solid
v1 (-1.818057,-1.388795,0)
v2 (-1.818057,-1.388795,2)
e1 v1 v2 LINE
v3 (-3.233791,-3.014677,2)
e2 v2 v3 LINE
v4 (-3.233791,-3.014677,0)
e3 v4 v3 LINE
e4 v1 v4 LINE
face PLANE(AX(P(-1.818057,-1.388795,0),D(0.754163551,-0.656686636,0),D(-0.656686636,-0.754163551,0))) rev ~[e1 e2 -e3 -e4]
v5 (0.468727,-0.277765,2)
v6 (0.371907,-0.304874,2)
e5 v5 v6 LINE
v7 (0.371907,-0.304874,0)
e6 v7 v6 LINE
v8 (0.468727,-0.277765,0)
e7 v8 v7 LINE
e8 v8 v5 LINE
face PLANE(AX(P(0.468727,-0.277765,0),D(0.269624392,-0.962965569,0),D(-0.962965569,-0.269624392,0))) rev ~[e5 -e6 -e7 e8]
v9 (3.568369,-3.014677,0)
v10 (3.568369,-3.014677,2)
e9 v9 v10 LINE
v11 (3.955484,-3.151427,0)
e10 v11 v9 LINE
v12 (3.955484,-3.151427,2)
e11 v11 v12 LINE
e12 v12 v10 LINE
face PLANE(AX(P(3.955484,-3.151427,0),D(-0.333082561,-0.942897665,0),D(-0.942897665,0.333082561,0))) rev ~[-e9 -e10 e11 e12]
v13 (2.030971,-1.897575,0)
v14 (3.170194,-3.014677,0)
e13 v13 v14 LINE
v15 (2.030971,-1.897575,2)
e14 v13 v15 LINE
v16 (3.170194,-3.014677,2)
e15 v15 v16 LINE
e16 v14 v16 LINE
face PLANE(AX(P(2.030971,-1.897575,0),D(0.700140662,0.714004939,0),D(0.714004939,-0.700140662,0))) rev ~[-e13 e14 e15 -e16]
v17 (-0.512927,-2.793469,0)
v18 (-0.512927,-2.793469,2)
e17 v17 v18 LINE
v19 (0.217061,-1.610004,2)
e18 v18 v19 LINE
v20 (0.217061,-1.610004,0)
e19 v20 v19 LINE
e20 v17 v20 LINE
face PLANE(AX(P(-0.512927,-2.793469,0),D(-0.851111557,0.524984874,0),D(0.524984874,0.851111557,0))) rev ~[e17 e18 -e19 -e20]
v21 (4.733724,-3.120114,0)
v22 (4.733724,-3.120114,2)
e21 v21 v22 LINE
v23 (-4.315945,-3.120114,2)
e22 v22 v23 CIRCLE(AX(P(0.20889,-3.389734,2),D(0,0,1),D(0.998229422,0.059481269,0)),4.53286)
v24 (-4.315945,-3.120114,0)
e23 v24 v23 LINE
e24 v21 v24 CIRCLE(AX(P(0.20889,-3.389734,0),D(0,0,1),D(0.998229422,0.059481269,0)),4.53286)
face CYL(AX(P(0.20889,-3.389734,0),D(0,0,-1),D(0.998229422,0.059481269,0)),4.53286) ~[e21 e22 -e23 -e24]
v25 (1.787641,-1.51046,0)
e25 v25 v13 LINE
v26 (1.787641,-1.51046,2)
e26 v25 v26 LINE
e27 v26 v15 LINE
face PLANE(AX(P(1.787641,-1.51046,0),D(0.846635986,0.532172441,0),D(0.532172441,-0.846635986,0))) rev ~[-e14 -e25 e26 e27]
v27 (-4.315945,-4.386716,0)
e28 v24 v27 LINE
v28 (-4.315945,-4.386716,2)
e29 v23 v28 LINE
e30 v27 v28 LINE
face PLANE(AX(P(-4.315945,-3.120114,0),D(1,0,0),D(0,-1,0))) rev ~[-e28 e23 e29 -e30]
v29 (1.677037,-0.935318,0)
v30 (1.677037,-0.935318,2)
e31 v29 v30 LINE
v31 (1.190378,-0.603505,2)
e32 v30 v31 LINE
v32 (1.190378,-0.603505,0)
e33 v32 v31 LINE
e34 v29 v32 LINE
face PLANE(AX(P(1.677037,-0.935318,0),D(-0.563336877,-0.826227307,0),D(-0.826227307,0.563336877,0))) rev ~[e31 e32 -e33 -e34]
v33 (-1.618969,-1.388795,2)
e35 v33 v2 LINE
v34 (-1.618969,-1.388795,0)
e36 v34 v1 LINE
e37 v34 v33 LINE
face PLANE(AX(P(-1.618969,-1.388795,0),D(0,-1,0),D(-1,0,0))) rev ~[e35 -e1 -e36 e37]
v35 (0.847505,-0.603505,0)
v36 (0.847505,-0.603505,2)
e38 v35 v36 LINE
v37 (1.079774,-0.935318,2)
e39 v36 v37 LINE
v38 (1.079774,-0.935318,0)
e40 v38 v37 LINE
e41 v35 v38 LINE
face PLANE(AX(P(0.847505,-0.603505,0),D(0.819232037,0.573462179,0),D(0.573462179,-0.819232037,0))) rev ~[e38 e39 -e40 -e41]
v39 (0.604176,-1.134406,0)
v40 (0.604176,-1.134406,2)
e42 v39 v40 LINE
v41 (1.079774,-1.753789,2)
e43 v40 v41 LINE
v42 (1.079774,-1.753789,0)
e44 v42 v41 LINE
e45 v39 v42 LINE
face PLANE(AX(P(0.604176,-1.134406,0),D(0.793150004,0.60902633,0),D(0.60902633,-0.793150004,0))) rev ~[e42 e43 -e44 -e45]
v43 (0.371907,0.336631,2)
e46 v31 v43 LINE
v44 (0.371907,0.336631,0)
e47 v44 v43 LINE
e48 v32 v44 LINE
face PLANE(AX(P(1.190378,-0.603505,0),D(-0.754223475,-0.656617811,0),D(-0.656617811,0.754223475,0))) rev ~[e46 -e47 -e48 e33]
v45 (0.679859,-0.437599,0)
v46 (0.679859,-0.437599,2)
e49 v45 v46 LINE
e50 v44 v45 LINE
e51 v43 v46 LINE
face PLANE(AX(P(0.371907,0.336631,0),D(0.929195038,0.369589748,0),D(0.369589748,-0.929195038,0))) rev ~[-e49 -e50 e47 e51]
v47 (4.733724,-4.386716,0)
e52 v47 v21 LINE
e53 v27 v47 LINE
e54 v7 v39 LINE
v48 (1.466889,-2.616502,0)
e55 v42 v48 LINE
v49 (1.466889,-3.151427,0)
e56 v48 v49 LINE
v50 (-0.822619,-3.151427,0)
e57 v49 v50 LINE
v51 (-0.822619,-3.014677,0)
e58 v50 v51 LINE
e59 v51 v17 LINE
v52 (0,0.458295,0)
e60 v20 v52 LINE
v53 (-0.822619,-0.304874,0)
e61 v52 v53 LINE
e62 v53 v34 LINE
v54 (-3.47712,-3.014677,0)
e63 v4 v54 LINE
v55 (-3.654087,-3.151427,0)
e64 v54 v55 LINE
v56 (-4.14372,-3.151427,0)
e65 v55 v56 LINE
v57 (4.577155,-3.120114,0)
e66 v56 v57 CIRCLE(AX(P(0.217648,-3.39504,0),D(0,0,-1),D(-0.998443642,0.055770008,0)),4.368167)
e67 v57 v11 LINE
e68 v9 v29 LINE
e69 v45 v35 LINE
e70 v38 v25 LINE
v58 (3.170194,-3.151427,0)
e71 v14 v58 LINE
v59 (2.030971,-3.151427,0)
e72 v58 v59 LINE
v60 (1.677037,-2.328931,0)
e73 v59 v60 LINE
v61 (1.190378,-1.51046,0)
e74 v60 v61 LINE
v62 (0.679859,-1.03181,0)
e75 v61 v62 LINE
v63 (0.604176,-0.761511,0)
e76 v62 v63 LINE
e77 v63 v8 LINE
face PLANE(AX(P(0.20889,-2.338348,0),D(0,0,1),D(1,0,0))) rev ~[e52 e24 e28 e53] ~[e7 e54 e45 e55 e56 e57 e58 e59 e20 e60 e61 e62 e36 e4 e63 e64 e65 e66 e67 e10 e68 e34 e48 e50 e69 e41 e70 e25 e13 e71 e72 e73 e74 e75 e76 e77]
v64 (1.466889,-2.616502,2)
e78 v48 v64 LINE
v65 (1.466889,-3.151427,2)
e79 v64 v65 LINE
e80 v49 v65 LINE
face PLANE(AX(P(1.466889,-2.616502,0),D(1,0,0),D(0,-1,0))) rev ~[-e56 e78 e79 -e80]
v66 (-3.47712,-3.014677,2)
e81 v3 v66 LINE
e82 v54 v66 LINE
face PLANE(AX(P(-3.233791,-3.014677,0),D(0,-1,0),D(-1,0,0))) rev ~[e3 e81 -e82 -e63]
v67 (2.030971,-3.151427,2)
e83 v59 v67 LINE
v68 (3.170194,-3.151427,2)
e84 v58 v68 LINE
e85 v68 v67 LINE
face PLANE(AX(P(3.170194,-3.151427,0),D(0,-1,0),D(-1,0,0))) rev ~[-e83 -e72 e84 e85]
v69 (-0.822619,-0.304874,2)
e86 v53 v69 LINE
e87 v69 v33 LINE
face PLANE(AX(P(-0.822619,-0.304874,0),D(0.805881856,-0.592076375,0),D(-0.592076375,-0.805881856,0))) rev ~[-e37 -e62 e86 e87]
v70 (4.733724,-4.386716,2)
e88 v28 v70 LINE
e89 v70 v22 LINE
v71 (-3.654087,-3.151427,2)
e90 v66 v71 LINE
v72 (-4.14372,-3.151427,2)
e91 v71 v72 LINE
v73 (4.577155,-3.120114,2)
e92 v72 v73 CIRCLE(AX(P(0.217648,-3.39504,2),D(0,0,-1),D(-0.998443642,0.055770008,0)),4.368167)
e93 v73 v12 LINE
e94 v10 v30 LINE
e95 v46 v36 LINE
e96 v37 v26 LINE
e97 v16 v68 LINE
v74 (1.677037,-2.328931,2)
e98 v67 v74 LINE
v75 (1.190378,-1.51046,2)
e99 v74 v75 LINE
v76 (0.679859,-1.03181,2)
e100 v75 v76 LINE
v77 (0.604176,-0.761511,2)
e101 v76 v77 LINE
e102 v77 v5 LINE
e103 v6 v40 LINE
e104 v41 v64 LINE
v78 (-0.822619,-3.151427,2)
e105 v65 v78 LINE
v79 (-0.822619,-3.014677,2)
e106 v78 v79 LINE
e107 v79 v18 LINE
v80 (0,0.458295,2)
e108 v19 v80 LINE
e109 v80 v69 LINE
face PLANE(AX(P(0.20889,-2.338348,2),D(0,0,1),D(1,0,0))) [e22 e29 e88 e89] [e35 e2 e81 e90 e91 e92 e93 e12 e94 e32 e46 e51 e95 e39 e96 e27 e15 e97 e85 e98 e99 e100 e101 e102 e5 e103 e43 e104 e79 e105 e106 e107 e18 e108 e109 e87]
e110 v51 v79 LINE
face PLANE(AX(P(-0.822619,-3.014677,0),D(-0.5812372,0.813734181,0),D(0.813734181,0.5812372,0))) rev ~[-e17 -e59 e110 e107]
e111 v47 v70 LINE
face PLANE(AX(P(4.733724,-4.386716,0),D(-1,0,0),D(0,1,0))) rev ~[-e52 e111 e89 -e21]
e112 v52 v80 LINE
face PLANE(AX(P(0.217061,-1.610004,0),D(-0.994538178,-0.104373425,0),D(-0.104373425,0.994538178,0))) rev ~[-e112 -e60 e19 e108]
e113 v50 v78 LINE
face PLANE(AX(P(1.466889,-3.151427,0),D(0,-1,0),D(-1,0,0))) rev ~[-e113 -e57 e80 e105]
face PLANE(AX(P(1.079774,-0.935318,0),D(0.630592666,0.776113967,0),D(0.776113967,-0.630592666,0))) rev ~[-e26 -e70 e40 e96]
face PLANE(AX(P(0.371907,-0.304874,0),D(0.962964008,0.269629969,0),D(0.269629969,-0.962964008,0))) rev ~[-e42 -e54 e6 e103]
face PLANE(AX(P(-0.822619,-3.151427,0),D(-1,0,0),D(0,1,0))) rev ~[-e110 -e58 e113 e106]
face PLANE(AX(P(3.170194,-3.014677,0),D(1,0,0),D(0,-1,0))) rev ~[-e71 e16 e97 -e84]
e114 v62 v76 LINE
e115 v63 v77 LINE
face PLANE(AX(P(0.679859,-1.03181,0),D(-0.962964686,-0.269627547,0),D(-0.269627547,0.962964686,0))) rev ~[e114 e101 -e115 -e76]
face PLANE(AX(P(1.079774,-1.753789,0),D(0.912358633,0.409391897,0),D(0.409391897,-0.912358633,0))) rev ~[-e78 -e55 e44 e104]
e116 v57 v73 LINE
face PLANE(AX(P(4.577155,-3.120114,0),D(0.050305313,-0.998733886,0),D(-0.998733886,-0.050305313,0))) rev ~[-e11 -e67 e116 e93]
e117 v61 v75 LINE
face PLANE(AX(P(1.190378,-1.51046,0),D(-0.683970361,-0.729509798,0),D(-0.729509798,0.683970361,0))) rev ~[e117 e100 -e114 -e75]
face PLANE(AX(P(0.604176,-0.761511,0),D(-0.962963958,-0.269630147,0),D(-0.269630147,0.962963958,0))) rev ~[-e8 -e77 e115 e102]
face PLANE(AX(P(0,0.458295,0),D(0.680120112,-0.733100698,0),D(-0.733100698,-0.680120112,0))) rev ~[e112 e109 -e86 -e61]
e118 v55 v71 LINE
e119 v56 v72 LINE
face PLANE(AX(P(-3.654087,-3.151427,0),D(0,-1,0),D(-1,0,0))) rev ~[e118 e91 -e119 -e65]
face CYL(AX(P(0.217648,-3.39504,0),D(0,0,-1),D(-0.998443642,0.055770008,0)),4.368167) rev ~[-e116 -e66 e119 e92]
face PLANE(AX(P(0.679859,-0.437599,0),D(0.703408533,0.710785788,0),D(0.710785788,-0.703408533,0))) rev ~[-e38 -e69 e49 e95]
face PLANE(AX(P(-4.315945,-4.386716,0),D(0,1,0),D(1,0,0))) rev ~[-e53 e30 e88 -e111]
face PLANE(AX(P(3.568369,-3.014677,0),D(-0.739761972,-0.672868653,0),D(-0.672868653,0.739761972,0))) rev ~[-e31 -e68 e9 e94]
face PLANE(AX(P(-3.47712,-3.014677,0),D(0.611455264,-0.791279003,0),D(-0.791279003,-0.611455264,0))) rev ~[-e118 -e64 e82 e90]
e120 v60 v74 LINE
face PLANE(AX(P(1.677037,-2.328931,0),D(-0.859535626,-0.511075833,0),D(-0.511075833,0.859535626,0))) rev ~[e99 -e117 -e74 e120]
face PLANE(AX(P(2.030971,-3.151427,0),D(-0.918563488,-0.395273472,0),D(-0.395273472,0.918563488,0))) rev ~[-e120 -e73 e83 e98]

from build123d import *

# Parameters (mm, degrees)
F1_DEPTH = 2


with BuildPart() as f1:
    # F0 (on Top) → F1 (new body)
    with BuildSketch(Plane.XY):
        with BuildLine():
            Line((4.733724, -4.386716), (4.733724, -3.120114))
            ThreePointArc((4.733724, -3.120114), (0.208889, 1.143126), (-4.315945, -3.120114))
            Line((-4.315945, -3.120114), (-4.315945, -4.386716))
            Line((-4.315945, -4.386716), (4.733724, -4.386716))
        make_face()
        with BuildLine():
            ThreePointArc((-4.14372, -3.151427), (0.201964, 0.973099), (4.577155, -3.120114))
            Line((4.577155, -3.120114), (3.955484, -3.151427))
            Line((3.955484, -3.151427), (3.568369, -3.014677))
            Line((3.568369, -3.014677), (1.677037, -0.935318))
            Line((1.677037, -0.935318), (1.190378, -0.603505))
            Line((1.190378, -0.603505), (0.371907, 0.336631))
            Line((0.371907, 0.336631), (0.679859, -0.437599))
            Line((0.679859, -0.437599), (0.847505, -0.603505))
            Line((0.847505, -0.603505), (1.079774, -0.935318))
            Line((1.079774, -0.935318), (1.787641, -1.51046))
            Line((1.787641, -1.51046), (2.030971, -1.897575))
            Line((2.030971, -1.897575), (3.170194, -3.014677))
            Line((3.170194, -3.014677), (3.170194, -3.151427))
            Line((3.170194, -3.151427), (2.030971, -3.151427))
            Line((2.030971, -3.151427), (1.677037, -2.328931))
            Line((1.677037, -2.328931), (1.190378, -1.51046))
            Line((1.190378, -1.51046), (0.679859, -1.03181))
            Line((0.679859, -1.03181), (0.604176, -0.761511))
            Line((0.604176, -0.761511), (0.468727, -0.277765))
            Line((0.468727, -0.277765), (0.371907, -0.304874))
            Line((0.371907, -0.304874), (0.604176, -1.134406))
            Line((0.604176, -1.134406), (1.079774, -1.753789))
            Line((1.079774, -1.753789), (1.466889, -2.616502))
            Line((1.466889, -2.616502), (1.466889, -3.151427))
            Line((1.466889, -3.151427), (-0.822619, -3.151427))
            Line((-0.822619, -3.151427), (-0.822619, -3.014677))
            Line((-0.822619, -3.014677), (-0.512927, -2.793469))
            Line((-0.512927, -2.793469), (0.217061, -1.610004))
            Line((0.217061, -1.610004), (0, 0.458295))
            Line((0, 0.458295), (-0.822619, -0.304874))
            Line((-0.822619, -0.304874), (-1.618969, -1.388795))
            Line((-1.618969, -1.388795), (-1.818057, -1.388795))
            Line((-1.818057, -1.388795), (-3.233791, -3.014677))
            Line((-3.233791, -3.014677), (-3.47712, -3.014677))
            Line((-3.47712, -3.014677), (-3.654087, -3.151427))
            Line((-3.654087, -3.151427), (-4.14372, -3.151427))
        make_face(mode=Mode.SUBTRACT)
    extrude(amount=F1_DEPTH)


solid = f1.part
